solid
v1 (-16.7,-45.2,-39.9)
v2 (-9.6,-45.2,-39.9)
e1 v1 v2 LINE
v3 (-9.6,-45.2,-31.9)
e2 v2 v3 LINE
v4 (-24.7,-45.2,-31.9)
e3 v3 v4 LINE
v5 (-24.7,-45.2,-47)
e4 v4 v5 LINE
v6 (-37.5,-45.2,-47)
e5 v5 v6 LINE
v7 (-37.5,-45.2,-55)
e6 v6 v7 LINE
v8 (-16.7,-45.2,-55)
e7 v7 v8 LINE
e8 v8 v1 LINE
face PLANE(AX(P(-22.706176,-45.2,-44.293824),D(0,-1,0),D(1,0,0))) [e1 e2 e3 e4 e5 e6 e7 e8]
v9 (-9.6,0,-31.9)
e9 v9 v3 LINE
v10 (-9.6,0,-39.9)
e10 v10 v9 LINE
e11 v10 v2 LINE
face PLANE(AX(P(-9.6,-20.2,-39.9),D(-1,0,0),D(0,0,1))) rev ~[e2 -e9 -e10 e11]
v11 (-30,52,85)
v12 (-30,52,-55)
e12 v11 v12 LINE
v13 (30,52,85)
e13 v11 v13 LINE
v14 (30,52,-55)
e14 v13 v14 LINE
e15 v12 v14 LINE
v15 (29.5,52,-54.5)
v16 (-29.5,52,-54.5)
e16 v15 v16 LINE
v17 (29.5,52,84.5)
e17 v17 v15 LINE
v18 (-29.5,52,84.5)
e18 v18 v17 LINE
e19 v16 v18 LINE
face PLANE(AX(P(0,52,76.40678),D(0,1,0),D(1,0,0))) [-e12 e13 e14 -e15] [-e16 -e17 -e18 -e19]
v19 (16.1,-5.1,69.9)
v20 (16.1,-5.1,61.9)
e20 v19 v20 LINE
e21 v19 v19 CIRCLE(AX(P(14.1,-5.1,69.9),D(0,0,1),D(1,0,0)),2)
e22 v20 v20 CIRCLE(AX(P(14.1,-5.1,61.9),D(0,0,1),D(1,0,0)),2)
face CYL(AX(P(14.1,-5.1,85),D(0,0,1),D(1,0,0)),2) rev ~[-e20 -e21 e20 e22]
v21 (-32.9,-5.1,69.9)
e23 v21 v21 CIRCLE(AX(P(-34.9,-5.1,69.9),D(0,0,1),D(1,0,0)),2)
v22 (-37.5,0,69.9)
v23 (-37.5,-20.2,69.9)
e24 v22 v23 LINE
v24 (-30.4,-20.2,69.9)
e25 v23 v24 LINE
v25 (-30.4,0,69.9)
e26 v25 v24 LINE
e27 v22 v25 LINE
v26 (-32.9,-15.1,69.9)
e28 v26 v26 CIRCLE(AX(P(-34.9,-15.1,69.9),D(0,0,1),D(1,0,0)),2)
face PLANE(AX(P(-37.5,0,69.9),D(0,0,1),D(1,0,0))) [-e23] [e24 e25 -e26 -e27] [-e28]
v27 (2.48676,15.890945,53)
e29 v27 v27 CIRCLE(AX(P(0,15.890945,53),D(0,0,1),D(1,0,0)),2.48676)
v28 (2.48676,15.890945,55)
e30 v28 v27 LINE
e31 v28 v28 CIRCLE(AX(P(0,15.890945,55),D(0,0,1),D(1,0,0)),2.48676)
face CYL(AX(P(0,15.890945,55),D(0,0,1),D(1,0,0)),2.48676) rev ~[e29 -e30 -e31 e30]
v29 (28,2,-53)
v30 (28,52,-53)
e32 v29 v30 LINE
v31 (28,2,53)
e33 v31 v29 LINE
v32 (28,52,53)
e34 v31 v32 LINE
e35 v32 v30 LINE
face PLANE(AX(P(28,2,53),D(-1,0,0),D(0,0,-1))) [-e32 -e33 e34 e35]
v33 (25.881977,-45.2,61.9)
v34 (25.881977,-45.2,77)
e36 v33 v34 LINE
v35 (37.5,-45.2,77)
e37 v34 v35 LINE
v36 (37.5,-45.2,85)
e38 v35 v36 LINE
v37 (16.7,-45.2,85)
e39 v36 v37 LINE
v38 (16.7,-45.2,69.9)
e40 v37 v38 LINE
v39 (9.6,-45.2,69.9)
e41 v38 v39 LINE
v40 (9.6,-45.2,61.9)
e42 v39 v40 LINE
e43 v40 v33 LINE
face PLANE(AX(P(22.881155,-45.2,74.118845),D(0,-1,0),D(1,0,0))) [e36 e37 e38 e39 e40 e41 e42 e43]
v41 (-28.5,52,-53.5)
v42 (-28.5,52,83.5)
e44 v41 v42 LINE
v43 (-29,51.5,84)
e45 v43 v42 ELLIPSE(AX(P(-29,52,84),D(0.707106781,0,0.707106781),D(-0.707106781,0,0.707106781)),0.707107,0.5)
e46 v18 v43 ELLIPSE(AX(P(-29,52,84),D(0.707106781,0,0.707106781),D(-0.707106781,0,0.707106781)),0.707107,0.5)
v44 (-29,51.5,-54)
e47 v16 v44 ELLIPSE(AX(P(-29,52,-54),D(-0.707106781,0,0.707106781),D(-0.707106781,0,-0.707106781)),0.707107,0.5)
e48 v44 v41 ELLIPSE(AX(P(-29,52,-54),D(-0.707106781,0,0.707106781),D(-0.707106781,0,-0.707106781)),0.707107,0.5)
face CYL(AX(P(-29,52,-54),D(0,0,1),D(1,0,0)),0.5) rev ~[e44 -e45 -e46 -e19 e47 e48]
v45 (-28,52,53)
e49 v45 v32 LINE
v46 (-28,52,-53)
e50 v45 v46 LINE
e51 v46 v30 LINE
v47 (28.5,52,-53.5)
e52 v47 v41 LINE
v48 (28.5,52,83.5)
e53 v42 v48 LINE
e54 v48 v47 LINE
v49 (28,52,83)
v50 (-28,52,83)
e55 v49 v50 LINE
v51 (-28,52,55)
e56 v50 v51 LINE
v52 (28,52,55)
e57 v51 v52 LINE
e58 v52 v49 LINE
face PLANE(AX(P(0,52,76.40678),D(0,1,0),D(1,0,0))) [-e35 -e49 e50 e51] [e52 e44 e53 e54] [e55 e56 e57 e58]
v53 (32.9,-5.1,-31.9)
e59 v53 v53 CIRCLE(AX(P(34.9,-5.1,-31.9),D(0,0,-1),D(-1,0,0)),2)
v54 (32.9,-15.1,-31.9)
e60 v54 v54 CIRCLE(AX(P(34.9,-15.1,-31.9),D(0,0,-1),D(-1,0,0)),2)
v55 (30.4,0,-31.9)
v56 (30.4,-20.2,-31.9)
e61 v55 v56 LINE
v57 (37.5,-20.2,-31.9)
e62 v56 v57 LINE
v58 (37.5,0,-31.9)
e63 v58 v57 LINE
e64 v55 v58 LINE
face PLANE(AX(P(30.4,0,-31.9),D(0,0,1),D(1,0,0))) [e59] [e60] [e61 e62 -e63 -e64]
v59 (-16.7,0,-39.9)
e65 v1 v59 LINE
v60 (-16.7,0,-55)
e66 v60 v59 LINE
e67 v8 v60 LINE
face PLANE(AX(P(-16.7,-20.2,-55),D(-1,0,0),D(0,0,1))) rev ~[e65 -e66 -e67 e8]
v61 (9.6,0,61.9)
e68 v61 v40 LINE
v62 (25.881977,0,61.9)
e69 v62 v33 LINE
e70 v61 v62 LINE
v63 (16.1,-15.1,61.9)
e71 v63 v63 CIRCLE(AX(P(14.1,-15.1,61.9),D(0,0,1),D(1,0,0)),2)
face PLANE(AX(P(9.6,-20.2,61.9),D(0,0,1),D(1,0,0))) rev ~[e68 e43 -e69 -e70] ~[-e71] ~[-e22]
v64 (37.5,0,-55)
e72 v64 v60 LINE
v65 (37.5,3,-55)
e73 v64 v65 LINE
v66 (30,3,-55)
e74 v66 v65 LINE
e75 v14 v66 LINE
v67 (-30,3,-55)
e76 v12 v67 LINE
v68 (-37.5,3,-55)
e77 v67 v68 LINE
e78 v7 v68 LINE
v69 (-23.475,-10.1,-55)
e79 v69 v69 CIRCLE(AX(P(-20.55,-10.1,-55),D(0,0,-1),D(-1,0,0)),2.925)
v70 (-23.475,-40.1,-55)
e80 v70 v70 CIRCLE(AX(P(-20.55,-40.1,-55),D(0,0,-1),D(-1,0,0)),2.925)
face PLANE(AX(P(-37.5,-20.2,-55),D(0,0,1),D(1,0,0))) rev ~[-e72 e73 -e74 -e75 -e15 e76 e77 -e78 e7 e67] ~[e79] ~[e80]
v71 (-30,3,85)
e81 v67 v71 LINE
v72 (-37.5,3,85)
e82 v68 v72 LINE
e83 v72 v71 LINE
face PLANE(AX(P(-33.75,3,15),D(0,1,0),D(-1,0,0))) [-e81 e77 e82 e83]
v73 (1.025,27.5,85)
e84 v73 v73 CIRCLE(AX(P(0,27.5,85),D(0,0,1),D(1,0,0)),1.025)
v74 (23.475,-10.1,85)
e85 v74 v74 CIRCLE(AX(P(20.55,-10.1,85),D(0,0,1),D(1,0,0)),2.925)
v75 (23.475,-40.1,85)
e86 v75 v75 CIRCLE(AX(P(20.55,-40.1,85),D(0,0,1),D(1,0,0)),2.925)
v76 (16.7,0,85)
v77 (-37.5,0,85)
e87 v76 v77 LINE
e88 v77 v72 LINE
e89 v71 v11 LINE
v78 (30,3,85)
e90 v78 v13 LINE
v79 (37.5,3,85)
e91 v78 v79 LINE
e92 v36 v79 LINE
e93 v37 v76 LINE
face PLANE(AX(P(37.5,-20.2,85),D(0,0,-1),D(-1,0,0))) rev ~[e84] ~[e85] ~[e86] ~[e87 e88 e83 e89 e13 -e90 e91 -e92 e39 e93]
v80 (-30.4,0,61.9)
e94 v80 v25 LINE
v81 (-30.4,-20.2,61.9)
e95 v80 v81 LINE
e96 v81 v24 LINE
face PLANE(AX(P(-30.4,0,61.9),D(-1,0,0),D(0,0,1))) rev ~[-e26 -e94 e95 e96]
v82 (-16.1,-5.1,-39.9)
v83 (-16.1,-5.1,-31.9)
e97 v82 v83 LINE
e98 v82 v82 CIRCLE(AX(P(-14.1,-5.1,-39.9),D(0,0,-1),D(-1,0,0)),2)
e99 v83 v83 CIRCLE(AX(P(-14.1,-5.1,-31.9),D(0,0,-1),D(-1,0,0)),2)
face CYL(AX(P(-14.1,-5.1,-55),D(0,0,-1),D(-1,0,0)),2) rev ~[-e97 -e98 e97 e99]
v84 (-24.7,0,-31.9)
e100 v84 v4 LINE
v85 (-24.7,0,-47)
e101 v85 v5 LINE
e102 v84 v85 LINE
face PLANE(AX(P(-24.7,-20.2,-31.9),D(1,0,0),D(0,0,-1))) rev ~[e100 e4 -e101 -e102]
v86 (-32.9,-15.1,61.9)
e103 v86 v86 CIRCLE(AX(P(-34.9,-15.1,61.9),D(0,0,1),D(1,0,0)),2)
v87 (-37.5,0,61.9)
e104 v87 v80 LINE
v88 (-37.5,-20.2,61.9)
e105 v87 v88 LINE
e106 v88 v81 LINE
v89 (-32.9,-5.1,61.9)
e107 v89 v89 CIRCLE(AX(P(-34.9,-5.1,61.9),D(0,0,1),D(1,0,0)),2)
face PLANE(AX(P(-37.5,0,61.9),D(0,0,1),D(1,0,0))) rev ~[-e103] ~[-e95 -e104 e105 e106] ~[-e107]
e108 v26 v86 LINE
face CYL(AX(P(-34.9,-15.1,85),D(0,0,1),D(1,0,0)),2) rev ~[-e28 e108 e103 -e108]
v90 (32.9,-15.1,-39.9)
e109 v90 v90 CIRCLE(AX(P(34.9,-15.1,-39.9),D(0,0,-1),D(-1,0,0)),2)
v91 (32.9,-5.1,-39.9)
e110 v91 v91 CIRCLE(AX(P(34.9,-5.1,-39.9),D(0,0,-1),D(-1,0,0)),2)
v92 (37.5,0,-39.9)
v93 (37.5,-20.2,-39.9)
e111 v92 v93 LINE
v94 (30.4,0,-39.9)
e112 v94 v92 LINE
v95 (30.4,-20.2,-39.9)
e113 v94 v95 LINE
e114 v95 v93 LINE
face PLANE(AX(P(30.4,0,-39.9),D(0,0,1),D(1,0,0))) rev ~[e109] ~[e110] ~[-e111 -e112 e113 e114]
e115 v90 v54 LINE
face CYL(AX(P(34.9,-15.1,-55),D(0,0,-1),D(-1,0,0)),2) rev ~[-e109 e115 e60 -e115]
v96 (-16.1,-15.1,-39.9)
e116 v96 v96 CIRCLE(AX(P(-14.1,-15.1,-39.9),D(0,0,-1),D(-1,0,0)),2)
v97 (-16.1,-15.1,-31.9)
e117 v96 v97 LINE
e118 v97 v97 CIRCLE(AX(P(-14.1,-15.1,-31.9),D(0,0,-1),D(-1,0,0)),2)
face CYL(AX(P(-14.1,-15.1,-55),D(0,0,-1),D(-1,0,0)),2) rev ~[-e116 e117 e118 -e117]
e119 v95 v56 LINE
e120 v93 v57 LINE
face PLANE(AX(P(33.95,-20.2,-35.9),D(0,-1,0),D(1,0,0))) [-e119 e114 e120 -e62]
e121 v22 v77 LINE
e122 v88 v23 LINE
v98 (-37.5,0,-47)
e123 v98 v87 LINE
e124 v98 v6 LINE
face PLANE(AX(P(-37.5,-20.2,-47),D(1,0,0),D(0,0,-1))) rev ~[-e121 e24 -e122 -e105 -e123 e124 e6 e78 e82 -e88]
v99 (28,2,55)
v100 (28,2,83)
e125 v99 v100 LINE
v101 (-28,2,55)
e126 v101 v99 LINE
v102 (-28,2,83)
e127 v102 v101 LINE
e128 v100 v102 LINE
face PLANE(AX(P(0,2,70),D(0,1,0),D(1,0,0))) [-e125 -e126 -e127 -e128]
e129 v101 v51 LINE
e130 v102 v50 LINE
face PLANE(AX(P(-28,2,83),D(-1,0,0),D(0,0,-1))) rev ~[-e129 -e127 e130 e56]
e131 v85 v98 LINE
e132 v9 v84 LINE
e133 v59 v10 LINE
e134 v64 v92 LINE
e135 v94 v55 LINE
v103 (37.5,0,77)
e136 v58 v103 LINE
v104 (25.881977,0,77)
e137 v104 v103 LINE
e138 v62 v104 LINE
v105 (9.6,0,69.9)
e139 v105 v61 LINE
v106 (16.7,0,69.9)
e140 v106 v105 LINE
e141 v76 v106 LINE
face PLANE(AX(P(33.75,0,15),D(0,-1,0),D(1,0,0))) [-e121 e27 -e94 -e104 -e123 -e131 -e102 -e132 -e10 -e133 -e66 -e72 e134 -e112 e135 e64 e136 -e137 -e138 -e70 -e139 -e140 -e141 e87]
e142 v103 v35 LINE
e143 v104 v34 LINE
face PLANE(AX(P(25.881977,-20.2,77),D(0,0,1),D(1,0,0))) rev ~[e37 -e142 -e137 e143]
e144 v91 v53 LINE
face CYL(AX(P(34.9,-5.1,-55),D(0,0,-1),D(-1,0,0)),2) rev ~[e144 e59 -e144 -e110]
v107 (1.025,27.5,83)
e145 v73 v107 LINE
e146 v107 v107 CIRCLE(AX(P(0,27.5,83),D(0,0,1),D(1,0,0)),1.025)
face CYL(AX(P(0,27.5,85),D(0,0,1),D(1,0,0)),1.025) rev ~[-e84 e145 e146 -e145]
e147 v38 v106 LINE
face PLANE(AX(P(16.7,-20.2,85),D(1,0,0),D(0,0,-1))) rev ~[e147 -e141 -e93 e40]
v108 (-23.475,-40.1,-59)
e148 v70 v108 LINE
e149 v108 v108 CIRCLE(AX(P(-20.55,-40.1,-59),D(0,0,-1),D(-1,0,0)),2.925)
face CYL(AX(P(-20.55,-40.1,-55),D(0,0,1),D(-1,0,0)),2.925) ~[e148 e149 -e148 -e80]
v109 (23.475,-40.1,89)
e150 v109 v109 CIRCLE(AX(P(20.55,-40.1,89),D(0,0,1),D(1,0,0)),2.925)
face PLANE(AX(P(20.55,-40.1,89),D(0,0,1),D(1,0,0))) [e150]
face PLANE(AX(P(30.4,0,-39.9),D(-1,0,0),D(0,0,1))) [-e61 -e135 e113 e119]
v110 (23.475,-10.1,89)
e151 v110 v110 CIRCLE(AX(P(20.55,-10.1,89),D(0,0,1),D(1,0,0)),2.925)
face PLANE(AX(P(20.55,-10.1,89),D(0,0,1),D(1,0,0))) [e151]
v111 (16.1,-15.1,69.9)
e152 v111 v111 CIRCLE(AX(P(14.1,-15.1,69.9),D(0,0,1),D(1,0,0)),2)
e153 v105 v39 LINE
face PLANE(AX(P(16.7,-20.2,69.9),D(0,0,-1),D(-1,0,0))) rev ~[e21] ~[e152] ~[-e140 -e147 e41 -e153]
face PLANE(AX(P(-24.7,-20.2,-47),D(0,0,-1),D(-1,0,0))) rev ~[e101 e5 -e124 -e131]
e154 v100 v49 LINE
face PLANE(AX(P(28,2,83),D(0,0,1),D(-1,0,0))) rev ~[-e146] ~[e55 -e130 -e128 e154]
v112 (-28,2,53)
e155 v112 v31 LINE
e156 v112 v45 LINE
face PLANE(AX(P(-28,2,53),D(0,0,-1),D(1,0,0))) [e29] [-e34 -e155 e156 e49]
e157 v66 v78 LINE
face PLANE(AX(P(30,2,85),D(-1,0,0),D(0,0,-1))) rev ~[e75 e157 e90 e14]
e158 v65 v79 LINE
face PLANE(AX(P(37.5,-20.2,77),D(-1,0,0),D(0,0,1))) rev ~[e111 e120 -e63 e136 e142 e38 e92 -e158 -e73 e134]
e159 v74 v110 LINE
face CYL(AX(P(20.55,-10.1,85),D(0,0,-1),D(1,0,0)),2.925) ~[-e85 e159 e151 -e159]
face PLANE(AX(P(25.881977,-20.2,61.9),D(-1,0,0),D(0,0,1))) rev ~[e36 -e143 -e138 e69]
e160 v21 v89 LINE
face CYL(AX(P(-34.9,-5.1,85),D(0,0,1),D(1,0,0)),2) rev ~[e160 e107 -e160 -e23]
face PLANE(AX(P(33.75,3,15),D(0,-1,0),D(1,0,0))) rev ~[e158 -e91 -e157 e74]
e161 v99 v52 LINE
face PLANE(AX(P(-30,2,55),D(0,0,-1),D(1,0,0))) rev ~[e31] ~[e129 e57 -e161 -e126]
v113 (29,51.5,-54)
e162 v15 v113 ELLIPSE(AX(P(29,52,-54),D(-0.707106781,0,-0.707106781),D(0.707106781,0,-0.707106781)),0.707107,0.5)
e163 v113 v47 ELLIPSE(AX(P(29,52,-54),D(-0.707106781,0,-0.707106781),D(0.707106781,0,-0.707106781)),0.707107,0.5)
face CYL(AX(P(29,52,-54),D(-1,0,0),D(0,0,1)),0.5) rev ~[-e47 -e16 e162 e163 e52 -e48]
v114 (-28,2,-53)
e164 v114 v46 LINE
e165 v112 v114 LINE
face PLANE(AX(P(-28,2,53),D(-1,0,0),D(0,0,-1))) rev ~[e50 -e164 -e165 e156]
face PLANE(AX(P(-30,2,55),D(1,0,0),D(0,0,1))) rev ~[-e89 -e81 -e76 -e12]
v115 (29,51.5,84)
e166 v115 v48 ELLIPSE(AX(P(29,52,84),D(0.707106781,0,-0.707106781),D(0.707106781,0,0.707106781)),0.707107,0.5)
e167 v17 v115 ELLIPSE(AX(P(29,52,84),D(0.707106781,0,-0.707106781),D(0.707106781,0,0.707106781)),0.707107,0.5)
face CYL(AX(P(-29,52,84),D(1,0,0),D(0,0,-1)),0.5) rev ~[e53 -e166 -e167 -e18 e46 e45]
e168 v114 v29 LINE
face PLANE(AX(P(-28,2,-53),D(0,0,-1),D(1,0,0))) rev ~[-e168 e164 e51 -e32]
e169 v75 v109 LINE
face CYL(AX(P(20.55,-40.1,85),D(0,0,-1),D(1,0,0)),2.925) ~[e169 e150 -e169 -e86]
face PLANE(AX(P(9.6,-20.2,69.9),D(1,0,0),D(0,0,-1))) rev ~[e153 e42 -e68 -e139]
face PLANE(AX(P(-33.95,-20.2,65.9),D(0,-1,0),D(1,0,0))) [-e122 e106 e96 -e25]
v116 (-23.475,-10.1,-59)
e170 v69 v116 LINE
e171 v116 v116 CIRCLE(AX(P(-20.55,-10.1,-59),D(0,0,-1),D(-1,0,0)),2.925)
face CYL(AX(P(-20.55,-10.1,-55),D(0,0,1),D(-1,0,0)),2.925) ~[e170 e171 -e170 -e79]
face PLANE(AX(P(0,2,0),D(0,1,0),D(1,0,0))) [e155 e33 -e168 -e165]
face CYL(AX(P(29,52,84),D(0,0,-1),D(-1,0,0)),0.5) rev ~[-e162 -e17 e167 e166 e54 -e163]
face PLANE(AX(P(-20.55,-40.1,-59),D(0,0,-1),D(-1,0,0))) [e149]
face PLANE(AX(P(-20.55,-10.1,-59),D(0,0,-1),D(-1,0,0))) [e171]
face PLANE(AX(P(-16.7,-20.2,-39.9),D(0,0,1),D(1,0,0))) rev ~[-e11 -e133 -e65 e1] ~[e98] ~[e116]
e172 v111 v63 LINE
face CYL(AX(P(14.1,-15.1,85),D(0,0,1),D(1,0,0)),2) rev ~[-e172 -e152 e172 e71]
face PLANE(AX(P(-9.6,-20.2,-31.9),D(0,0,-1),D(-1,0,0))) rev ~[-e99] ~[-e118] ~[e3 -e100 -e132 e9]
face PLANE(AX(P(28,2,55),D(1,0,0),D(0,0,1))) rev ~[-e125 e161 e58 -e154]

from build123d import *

# Parameters (mm, degrees)
SKETCH1_W            = 60
SKETCH1_H            = 110
BOSS_EXTRUDE1_DEPTH  = 2
SKETCH2_W            = 60
SKETCH2_H            = 110
SKETCH2_W_2          = 56
SKETCH2_H_2          = 106
BOSS_EXTRUDE2_DEPTH  = 50
SKETCH3_W            = 60
SKETCH3_H            = 30
BOSS_EXTRUDE3_DEPTH  = 2
BOSS_EXTRUDE4_DEPTH  = 50
SKETCH5_R            = 2.486759959
CUT_EXTRUDE1_DEPTH   = 30
CUT_SWEEP1_PROFILE_R = 0.5
SKETCH43_W           = 7.5
SKETCH43_H           = 140
BOSS_EXTRUDE7_DEPTH  = 3
SKETCH55_W           = 7.1
SKETCH55_H           = 8
BOSS_EXTRUDE10_DEPTH = 20.2
SKETCH56_R           = 2
CUT_EXTRUDE3_DEPTH   = 46.2
SKETCH59_R           = 2
CUT_EXTRUDE4_DEPTH   = 49.2
SKETCH60_R           = 2.925
BOSS_EXTRUDE11_DEPTH = 4
SKETCH61_R           = 2.925
BOSS_EXTRUDE12_DEPTH = 4
SKETCH62_R           = 1.025
CUT_EXTRUDE5_DEPTH   = 10
BOSS_EXTRUDE13_DEPTH = 25
SKETCH64_R           = 2.925
BOSS_EXTRUDE14_DEPTH = 4
BOSS_EXTRUDE15_DEPTH = 25
SKETCH66_R           = 2.925
BOSS_EXTRUDE16_DEPTH = 4


with BuildPart() as part:
    # Sketch1 → Boss-Extrude1 (new body)
    with BuildSketch(Plane(origin=(0, 0, 0), x_dir=(1, 0, 0), z_dir=(0, 1, 0))):
        Rectangle(SKETCH1_W, SKETCH1_H)
    extrude(amount=BOSS_EXTRUDE1_DEPTH)

    # Sketch2 → Boss-Extrude2 (add)
    with BuildSketch(Plane(origin=(0, 2, 0), x_dir=(1, 0, 0), z_dir=(0, 1, 0))):
        Rectangle(SKETCH2_W, SKETCH2_H)
        Rectangle(SKETCH2_W_2, SKETCH2_H_2, mode=Mode.SUBTRACT)
    extrude(amount=BOSS_EXTRUDE2_DEPTH)

    # Sketch3 → Boss-Extrude3 (add)
    with BuildSketch(Plane(origin=(0, 0, 0), x_dir=(1, 0, 0), z_dir=(0, 1, 0))):
        with Locations((0, -70)):
            Rectangle(SKETCH3_W, SKETCH3_H)
    extrude(amount=BOSS_EXTRUDE3_DEPTH)

    # Sketch4 → Boss-Extrude4 (add)
    with BuildSketch(Plane(origin=(0, 2, 0), x_dir=(1, 0, 0), z_dir=(0, 1, 0))):
        Polygon((-28, -55), (-30, -55), (-30, -85), (30, -85), (30, -55), (28, -55), (28, -83), (-28, -83), align=None)
    extrude(amount=BOSS_EXTRUDE4_DEPTH)

    # Sketch5 → Cut-Extrude1 (cut)
    with BuildSketch(Plane.XY.offset(55)):
        with Locations((0, 15.890944925)):
            Circle(SKETCH5_R)
    extrude(amount=-CUT_EXTRUDE1_DEPTH, mode=Mode.SUBTRACT)

    # Cut-Sweep1: sweep along a path in Sketch6
    with BuildLine(Plane(origin=(0, 52, 0), x_dir=(1, 0, 0), z_dir=(0, 1, 0))) as cut_sweep1_path:
        Line((-29, 54), (-29, -84))
        Line((-29, -84), (29, -84))
        Line((29, -84), (29, 54))
        Line((29, 54), (-29, 54))
    # Cut-Sweep1 profile (on start of the path) → Cut-Sweep1 (sweep, cut)
    with BuildSketch(Plane(origin=(-29, 52, -54), x_dir=(1, 0, 0), z_dir=(0, 0, 1))):
        Circle(CUT_SWEEP1_PROFILE_R)
    sweep(path=cut_sweep1_path.line, transition=Transition.RIGHT, mode=Mode.SUBTRACT)

    # Sketch43 → Boss-Extrude7 (add)
    with BuildSketch(Plane.XZ):
        with Locations((33.75, 15)):
            Rectangle(SKETCH43_W, SKETCH43_H)
        Polygon((-30, -55), (-37.5, -55), (-37.5, 85), (-30, 85), (-30, 55), align=None)
    extrude(amount=-BOSS_EXTRUDE7_DEPTH)

    # Sketch55 → Boss-Extrude10 (add)
    with BuildSketch(Plane.XZ):
        with Locations((-33.95, 65.9)):
            Rectangle(SKETCH55_W, SKETCH55_H)
        Polygon((9.6, 69.9), (9.6, 61.9), (25.881976889, 61.9), (25.881976889, 77), (37.5, 77), (37.5, 85), (16.7, 85), (16.7, 69.9), align=None)
        with Locations((33.95, -35.9)):
            Rectangle(SKETCH55_W, SKETCH55_H)
        Polygon((-9.6, -39.9), (-9.6, -31.9), (-24.7, -31.9), (-24.7, -47), (-37.5, -47), (-37.5, -55), (-16.7, -55), (-16.7, -39.9), align=None)
    extrude(amount=BOSS_EXTRUDE10_DEPTH)

    # Sketch56 → Cut-Extrude3 (cut)
    with BuildSketch(Plane.XY.offset(85)):
        with Locations((-34.9, -15.1)):
            Circle(SKETCH56_R)
        with Locations((-34.9, -5.1)):
            Circle(SKETCH56_R)
        with Locations((14.1, -15.1)):
            Circle(SKETCH56_R)
        with Locations((14.1, -5.1)):
            Circle(SKETCH56_R)
    extrude(amount=-CUT_EXTRUDE3_DEPTH, mode=Mode.SUBTRACT)

    # Sketch59 → Cut-Extrude4 (cut)
    with BuildSketch(Plane(origin=(0, 0, -55), x_dir=(-1, 0, 0), z_dir=(0, 0, -1))):
        with Locations((-34.9, -15.1)):
            Circle(SKETCH59_R)
        with Locations((-34.9, -5.1)):
            Circle(SKETCH59_R)
        with Locations((14.1, -5.1)):
            Circle(SKETCH59_R)
        with Locations((14.1, -15.1)):
            Circle(SKETCH59_R)
    extrude(amount=-CUT_EXTRUDE4_DEPTH, mode=Mode.SUBTRACT)

    # Sketch60 → Boss-Extrude11 (add)
    with BuildSketch(Plane(origin=(0, 0, -55), x_dir=(-1, 0, 0), z_dir=(0, 0, -1))):
        with Locations((20.55, -10.1)):
            Circle(SKETCH60_R)
    extrude(amount=BOSS_EXTRUDE11_DEPTH)

    # Sketch61 → Boss-Extrude12 (add)
    with BuildSketch(Plane.XY.offset(85)):
        with Locations((20.55, -10.1)):
            Circle(SKETCH61_R)
    extrude(amount=BOSS_EXTRUDE12_DEPTH)

    # Sketch62 → Cut-Extrude5 (cut)
    with BuildSketch(Plane.XY.offset(85)):
        with Locations((0, 27.5)):
            Circle(SKETCH62_R)
    extrude(amount=-CUT_EXTRUDE5_DEPTH, mode=Mode.SUBTRACT)

    # Sketch63 → Boss-Extrude13 (add)
    with BuildSketch(Plane.XZ.offset(20.2)):
        Polygon((16.7, 69.9), (9.6, 69.9), (9.6, 61.9), (25.881976889, 61.9), (25.881976889, 77), (37.5, 77), (37.5, 85), (16.7, 85), align=None)
    extrude(amount=BOSS_EXTRUDE13_DEPTH)

    # Sketch64 → Boss-Extrude14 (add)
    with BuildSketch(Plane.XY.offset(85)):
        with Locations((20.55, -40.1)):
            Circle(SKETCH64_R)
    extrude(amount=BOSS_EXTRUDE14_DEPTH)

    # Sketch65 → Boss-Extrude15 (add)
    with BuildSketch(Plane.XZ.offset(20.2)):
        Polygon((-16.7, -39.9), (-9.6, -39.9), (-9.6, -31.9), (-24.7, -31.9), (-24.7, -47), (-37.5, -47), (-37.5, -55), (-16.7, -55), align=None)
    extrude(amount=BOSS_EXTRUDE15_DEPTH)

    # Sketch66 → Boss-Extrude16 (add)
    with BuildSketch(Plane(origin=(0, 0, -55), x_dir=(-1, 0, 0), z_dir=(0, 0, -1))):
        with Locations((20.55, -40.1)):
            Circle(SKETCH66_R)
    extrude(amount=BOSS_EXTRUDE16_DEPTH)


solid = part.part
